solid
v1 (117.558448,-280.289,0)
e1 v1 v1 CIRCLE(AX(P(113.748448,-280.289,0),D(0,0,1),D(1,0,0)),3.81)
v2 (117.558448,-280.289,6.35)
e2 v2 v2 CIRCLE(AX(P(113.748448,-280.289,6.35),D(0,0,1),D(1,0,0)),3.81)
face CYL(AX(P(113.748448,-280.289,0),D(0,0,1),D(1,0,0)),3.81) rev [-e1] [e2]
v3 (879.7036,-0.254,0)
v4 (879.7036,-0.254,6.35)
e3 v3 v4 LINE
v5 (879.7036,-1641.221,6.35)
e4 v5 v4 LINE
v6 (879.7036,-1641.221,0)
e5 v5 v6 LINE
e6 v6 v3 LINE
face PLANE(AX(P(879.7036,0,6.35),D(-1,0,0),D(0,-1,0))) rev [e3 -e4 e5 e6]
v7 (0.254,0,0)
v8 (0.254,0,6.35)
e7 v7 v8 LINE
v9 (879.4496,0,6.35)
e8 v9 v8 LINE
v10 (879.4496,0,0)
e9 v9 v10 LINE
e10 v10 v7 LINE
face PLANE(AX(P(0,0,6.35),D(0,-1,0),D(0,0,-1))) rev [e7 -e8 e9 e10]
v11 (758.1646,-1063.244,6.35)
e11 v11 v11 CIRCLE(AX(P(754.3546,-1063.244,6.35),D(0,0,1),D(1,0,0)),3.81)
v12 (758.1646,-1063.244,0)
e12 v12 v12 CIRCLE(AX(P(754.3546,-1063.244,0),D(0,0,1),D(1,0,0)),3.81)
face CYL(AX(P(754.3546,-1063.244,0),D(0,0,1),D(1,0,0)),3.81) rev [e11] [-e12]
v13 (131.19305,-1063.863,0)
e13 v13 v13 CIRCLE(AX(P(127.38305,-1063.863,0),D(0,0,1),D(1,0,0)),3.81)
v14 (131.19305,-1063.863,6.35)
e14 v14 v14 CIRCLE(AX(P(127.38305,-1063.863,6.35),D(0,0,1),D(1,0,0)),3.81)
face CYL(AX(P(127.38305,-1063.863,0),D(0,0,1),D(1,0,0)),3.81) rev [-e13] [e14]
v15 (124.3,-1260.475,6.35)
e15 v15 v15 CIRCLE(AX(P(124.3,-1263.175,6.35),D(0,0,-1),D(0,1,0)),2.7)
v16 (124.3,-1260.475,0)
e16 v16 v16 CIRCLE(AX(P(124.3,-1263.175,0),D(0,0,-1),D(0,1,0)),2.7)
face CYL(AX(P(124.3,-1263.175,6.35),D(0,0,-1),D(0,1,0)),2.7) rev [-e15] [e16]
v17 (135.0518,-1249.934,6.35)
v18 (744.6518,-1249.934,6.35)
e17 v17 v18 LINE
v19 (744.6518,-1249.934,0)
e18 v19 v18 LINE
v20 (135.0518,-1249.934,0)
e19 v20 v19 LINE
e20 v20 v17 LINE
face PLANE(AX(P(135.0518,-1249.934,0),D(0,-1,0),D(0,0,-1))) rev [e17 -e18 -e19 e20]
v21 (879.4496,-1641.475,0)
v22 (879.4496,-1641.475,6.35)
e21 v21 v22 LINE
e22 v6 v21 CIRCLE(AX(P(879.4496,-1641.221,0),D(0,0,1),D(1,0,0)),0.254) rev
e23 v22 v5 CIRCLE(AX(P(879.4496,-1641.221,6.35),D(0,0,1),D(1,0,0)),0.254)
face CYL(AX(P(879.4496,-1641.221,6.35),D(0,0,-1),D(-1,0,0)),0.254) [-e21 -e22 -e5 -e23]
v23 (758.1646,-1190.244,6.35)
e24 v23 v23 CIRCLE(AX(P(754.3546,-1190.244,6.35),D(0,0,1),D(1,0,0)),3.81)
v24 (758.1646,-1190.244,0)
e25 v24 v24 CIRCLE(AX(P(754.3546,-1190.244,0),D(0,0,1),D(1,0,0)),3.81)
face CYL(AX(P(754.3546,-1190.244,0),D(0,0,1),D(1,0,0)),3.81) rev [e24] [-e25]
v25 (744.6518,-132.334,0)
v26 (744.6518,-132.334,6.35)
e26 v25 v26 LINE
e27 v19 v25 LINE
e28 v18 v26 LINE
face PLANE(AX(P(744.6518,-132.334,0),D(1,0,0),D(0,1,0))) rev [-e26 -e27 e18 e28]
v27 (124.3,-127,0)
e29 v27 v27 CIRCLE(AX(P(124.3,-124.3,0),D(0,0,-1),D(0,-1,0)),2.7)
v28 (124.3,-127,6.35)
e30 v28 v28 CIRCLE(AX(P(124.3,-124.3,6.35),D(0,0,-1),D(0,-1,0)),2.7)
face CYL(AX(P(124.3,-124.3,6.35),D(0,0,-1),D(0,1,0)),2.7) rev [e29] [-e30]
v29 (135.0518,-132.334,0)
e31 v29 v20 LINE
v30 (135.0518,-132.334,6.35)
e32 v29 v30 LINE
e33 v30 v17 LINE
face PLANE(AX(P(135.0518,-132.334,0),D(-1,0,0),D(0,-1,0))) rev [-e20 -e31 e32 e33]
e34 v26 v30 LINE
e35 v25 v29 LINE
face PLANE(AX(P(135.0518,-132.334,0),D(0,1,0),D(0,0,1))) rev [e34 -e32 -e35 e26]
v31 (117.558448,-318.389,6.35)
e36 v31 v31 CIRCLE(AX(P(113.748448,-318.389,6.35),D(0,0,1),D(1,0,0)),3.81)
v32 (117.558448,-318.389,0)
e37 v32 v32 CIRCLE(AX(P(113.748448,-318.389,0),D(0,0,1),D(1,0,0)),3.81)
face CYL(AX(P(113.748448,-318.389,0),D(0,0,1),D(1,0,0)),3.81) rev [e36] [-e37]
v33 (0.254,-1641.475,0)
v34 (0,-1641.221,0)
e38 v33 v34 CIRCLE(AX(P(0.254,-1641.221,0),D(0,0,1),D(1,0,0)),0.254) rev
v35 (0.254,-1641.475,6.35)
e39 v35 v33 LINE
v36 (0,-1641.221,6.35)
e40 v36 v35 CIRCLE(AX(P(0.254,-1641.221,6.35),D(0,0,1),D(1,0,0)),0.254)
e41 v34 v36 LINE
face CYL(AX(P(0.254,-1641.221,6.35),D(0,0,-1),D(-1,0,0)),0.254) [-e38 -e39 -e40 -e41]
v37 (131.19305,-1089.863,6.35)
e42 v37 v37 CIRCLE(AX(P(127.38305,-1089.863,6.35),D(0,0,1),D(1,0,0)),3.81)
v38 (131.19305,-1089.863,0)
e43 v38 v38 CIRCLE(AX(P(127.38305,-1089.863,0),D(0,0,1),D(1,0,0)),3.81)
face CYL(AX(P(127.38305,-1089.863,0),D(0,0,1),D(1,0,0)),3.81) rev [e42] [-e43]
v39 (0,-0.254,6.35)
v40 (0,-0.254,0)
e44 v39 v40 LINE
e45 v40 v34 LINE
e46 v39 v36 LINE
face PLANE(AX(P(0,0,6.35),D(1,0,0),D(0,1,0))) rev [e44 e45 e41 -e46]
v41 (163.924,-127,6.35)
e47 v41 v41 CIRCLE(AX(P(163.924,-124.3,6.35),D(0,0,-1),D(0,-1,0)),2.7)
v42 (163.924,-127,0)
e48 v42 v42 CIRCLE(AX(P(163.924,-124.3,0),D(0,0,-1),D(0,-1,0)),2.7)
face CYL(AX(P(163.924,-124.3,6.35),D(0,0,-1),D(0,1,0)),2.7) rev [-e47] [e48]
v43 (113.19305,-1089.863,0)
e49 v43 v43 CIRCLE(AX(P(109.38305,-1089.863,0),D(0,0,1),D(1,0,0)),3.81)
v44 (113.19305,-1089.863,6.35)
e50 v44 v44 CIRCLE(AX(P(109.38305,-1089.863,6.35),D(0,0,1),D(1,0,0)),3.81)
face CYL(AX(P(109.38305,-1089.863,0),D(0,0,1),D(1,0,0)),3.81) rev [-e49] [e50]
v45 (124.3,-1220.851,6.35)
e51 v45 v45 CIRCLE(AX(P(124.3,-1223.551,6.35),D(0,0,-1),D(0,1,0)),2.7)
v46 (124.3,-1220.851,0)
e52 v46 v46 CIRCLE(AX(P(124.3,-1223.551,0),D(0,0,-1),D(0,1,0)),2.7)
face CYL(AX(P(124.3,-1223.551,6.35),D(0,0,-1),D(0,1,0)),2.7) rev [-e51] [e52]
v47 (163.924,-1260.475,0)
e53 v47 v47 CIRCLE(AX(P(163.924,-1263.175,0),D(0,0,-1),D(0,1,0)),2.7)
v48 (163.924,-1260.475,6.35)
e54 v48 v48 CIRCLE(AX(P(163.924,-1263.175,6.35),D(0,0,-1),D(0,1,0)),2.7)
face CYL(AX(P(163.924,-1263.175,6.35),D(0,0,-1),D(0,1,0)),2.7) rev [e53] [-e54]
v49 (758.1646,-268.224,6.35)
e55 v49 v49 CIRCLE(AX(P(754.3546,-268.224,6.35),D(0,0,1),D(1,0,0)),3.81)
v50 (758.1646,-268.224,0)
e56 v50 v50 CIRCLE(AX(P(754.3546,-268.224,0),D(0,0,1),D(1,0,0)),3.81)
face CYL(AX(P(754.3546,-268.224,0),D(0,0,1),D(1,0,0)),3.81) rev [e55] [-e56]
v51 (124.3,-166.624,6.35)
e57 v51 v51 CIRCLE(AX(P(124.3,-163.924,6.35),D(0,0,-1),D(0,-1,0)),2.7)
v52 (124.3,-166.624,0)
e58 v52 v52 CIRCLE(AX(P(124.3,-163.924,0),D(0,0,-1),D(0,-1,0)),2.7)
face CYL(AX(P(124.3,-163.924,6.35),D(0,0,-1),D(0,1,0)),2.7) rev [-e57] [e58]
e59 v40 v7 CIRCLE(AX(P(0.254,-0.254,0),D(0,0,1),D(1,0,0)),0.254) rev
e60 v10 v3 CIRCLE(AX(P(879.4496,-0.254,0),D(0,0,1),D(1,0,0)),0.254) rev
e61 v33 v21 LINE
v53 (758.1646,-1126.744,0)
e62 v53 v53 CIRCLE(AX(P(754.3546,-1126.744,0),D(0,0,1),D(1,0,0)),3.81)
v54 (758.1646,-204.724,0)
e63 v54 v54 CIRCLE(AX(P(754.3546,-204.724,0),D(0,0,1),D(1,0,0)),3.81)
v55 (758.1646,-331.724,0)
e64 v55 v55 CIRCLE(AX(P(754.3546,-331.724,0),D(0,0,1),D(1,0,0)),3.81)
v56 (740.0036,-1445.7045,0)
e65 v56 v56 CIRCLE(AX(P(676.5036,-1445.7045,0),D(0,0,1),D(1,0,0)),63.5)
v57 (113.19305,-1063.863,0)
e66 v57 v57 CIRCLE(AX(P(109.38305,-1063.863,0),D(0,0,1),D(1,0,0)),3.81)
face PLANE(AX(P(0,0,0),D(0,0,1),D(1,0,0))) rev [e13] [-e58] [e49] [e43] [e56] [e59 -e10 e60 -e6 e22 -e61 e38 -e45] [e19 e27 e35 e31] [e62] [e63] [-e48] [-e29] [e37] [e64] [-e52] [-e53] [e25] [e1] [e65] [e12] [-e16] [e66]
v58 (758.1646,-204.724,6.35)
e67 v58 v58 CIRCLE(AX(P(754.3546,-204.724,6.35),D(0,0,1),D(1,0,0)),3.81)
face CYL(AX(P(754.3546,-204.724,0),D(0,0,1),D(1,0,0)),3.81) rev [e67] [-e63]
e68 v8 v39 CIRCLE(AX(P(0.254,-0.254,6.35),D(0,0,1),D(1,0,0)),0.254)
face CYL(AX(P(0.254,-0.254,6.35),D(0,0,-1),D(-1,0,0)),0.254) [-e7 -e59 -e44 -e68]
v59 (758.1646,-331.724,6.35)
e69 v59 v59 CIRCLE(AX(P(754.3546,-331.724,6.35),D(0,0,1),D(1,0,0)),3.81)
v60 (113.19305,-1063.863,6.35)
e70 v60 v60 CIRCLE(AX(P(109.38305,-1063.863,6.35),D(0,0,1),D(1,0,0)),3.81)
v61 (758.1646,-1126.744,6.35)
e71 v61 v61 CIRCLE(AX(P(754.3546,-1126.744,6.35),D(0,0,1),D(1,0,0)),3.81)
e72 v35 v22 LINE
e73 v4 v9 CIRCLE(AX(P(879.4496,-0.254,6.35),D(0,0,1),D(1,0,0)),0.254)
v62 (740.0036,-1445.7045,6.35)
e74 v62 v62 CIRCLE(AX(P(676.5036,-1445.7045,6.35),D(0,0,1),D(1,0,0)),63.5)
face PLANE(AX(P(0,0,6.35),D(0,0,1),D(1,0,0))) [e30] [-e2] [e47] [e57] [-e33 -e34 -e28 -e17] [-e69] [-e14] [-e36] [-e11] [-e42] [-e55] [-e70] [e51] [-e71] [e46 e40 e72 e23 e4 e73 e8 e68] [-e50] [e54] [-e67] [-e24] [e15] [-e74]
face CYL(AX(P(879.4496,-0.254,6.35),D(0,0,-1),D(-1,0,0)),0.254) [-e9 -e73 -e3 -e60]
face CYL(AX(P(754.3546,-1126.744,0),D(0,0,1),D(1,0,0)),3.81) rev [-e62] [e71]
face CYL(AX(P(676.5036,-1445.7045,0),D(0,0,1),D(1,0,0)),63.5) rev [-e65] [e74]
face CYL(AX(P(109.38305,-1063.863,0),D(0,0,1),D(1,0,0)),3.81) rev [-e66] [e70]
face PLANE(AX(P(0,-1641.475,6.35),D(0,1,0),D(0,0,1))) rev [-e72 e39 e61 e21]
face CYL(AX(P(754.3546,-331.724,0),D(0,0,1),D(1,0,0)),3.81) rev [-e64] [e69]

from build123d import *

# Parameters (mm, degrees)
SKETCH1_W           = 879.7036
SKETCH1_H           = 1641.475
BOSS_EXTRUDE1_DEPTH = 6.35
FILLET1_R           = 0.254
SKETCH2_W           = 609.6
SKETCH2_H           = 1117.6
CUT_EXTRUDE1_DEPTH  = 1863.353060507
SKETCH3_R           = 3.81
CUT_EXTRUDE2_DEPTH  = 1863.353060507
SKETCH5_R           = 63.5
CUT_EXTRUDE4_DEPTH  = 1863.353060507
SKETCH6_R           = 2.7
CUT_EXTRUDE5_DEPTH  = 1863.353060507


with BuildPart() as part:
    # Sketch1 → Boss-Extrude1 (new body)
    with BuildSketch(Plane.XY):
        with Locations((439.8518, -820.7375)):
            Rectangle(SKETCH1_W, SKETCH1_H)
    extrude(amount=BOSS_EXTRUDE1_DEPTH)

    # Fillet1
    fillet1_edges = [part.edges().sort_by_distance(p)[0] for p in [
        (879.7036, -1641.475, 3.175),
        (0, -1641.475, 3.175),
        (0, 0, 3.175),
        (879.7036, 0, 3.175),
    ]]
    fillet(fillet1_edges, radius=FILLET1_R)

    # Sketch2 → Cut-Extrude1 (cut, through all)
    with BuildSketch(Plane.XY.offset(6.35)):
        with Locations((439.8518, -691.134)):
            Rectangle(SKETCH2_W, SKETCH2_H)
    extrude(amount=-CUT_EXTRUDE1_DEPTH, mode=Mode.SUBTRACT)

    # Sketch3 → Cut-Extrude2 (cut, through all)
    with BuildSketch(Plane.XY.offset(6.35)):
        with Locations((754.3546, -204.724)):
            Circle(SKETCH3_R)
        with Locations((754.3546, -268.224)):
            Circle(SKETCH3_R)
        with Locations((754.3546, -331.724)):
            Circle(SKETCH3_R)
        with Locations((754.3546, -1190.244)):
            Circle(SKETCH3_R)
        with Locations((754.3546, -1126.744)):
            Circle(SKETCH3_R)
        with Locations((754.3546, -1063.244)):
            Circle(SKETCH3_R)
        with Locations((109.383049966, -1063.863000196)):
            Circle(SKETCH3_R)
        with Locations((127.383050034, -1063.863000196)):
            Circle(SKETCH3_R)
        with Locations((127.383050034, -1089.863000266)):
            Circle(SKETCH3_R)
        with Locations((109.383049966, -1089.863000266)):
            Circle(SKETCH3_R)
        with Locations((113.748448168, -280.289)):
            Circle(SKETCH3_R)
        with Locations((113.748448168, -318.389)):
            Circle(SKETCH3_R)
    extrude(amount=-CUT_EXTRUDE2_DEPTH, mode=Mode.SUBTRACT)

    # Sketch5 → Cut-Extrude4 (cut, through all)
    with BuildSketch(Plane.XY.offset(6.35)):
        with Locations((676.5036, -1445.7045)):
            Circle(SKETCH5_R)
    extrude(amount=-CUT_EXTRUDE4_DEPTH, mode=Mode.SUBTRACT)

    # Sketch6 → Cut-Extrude5 (cut, through all)
    with BuildSketch(Plane(origin=(0, 0, 0), x_dir=(-1, 0, 0), z_dir=(0, 0, -1))):
        with Locations(Location((-124.3, -1223.551, 0), (0, 0, 90))):
            Circle(SKETCH6_R)
        with Locations(Location((-124.3, -1263.175, 0), (0, 0, 90))):
            Circle(SKETCH6_R)
        with Locations(Location((-163.924, -1263.175, 0), (0, 0, 90))):
            Circle(SKETCH6_R)
        with Locations(Location((-163.924, -124.3, 0), (0, 0, 270))):
            Circle(SKETCH6_R)
        with Locations(Location((-124.3, -124.3, 0), (0, 0, 270))):
            Circle(SKETCH6_R)
        with Locations(Location((-124.3, -163.924, 0), (0, 0, 270))):
            Circle(SKETCH6_R)
    extrude(amount=-CUT_EXTRUDE5_DEPTH, mode=Mode.SUBTRACT)


solid = part.part
